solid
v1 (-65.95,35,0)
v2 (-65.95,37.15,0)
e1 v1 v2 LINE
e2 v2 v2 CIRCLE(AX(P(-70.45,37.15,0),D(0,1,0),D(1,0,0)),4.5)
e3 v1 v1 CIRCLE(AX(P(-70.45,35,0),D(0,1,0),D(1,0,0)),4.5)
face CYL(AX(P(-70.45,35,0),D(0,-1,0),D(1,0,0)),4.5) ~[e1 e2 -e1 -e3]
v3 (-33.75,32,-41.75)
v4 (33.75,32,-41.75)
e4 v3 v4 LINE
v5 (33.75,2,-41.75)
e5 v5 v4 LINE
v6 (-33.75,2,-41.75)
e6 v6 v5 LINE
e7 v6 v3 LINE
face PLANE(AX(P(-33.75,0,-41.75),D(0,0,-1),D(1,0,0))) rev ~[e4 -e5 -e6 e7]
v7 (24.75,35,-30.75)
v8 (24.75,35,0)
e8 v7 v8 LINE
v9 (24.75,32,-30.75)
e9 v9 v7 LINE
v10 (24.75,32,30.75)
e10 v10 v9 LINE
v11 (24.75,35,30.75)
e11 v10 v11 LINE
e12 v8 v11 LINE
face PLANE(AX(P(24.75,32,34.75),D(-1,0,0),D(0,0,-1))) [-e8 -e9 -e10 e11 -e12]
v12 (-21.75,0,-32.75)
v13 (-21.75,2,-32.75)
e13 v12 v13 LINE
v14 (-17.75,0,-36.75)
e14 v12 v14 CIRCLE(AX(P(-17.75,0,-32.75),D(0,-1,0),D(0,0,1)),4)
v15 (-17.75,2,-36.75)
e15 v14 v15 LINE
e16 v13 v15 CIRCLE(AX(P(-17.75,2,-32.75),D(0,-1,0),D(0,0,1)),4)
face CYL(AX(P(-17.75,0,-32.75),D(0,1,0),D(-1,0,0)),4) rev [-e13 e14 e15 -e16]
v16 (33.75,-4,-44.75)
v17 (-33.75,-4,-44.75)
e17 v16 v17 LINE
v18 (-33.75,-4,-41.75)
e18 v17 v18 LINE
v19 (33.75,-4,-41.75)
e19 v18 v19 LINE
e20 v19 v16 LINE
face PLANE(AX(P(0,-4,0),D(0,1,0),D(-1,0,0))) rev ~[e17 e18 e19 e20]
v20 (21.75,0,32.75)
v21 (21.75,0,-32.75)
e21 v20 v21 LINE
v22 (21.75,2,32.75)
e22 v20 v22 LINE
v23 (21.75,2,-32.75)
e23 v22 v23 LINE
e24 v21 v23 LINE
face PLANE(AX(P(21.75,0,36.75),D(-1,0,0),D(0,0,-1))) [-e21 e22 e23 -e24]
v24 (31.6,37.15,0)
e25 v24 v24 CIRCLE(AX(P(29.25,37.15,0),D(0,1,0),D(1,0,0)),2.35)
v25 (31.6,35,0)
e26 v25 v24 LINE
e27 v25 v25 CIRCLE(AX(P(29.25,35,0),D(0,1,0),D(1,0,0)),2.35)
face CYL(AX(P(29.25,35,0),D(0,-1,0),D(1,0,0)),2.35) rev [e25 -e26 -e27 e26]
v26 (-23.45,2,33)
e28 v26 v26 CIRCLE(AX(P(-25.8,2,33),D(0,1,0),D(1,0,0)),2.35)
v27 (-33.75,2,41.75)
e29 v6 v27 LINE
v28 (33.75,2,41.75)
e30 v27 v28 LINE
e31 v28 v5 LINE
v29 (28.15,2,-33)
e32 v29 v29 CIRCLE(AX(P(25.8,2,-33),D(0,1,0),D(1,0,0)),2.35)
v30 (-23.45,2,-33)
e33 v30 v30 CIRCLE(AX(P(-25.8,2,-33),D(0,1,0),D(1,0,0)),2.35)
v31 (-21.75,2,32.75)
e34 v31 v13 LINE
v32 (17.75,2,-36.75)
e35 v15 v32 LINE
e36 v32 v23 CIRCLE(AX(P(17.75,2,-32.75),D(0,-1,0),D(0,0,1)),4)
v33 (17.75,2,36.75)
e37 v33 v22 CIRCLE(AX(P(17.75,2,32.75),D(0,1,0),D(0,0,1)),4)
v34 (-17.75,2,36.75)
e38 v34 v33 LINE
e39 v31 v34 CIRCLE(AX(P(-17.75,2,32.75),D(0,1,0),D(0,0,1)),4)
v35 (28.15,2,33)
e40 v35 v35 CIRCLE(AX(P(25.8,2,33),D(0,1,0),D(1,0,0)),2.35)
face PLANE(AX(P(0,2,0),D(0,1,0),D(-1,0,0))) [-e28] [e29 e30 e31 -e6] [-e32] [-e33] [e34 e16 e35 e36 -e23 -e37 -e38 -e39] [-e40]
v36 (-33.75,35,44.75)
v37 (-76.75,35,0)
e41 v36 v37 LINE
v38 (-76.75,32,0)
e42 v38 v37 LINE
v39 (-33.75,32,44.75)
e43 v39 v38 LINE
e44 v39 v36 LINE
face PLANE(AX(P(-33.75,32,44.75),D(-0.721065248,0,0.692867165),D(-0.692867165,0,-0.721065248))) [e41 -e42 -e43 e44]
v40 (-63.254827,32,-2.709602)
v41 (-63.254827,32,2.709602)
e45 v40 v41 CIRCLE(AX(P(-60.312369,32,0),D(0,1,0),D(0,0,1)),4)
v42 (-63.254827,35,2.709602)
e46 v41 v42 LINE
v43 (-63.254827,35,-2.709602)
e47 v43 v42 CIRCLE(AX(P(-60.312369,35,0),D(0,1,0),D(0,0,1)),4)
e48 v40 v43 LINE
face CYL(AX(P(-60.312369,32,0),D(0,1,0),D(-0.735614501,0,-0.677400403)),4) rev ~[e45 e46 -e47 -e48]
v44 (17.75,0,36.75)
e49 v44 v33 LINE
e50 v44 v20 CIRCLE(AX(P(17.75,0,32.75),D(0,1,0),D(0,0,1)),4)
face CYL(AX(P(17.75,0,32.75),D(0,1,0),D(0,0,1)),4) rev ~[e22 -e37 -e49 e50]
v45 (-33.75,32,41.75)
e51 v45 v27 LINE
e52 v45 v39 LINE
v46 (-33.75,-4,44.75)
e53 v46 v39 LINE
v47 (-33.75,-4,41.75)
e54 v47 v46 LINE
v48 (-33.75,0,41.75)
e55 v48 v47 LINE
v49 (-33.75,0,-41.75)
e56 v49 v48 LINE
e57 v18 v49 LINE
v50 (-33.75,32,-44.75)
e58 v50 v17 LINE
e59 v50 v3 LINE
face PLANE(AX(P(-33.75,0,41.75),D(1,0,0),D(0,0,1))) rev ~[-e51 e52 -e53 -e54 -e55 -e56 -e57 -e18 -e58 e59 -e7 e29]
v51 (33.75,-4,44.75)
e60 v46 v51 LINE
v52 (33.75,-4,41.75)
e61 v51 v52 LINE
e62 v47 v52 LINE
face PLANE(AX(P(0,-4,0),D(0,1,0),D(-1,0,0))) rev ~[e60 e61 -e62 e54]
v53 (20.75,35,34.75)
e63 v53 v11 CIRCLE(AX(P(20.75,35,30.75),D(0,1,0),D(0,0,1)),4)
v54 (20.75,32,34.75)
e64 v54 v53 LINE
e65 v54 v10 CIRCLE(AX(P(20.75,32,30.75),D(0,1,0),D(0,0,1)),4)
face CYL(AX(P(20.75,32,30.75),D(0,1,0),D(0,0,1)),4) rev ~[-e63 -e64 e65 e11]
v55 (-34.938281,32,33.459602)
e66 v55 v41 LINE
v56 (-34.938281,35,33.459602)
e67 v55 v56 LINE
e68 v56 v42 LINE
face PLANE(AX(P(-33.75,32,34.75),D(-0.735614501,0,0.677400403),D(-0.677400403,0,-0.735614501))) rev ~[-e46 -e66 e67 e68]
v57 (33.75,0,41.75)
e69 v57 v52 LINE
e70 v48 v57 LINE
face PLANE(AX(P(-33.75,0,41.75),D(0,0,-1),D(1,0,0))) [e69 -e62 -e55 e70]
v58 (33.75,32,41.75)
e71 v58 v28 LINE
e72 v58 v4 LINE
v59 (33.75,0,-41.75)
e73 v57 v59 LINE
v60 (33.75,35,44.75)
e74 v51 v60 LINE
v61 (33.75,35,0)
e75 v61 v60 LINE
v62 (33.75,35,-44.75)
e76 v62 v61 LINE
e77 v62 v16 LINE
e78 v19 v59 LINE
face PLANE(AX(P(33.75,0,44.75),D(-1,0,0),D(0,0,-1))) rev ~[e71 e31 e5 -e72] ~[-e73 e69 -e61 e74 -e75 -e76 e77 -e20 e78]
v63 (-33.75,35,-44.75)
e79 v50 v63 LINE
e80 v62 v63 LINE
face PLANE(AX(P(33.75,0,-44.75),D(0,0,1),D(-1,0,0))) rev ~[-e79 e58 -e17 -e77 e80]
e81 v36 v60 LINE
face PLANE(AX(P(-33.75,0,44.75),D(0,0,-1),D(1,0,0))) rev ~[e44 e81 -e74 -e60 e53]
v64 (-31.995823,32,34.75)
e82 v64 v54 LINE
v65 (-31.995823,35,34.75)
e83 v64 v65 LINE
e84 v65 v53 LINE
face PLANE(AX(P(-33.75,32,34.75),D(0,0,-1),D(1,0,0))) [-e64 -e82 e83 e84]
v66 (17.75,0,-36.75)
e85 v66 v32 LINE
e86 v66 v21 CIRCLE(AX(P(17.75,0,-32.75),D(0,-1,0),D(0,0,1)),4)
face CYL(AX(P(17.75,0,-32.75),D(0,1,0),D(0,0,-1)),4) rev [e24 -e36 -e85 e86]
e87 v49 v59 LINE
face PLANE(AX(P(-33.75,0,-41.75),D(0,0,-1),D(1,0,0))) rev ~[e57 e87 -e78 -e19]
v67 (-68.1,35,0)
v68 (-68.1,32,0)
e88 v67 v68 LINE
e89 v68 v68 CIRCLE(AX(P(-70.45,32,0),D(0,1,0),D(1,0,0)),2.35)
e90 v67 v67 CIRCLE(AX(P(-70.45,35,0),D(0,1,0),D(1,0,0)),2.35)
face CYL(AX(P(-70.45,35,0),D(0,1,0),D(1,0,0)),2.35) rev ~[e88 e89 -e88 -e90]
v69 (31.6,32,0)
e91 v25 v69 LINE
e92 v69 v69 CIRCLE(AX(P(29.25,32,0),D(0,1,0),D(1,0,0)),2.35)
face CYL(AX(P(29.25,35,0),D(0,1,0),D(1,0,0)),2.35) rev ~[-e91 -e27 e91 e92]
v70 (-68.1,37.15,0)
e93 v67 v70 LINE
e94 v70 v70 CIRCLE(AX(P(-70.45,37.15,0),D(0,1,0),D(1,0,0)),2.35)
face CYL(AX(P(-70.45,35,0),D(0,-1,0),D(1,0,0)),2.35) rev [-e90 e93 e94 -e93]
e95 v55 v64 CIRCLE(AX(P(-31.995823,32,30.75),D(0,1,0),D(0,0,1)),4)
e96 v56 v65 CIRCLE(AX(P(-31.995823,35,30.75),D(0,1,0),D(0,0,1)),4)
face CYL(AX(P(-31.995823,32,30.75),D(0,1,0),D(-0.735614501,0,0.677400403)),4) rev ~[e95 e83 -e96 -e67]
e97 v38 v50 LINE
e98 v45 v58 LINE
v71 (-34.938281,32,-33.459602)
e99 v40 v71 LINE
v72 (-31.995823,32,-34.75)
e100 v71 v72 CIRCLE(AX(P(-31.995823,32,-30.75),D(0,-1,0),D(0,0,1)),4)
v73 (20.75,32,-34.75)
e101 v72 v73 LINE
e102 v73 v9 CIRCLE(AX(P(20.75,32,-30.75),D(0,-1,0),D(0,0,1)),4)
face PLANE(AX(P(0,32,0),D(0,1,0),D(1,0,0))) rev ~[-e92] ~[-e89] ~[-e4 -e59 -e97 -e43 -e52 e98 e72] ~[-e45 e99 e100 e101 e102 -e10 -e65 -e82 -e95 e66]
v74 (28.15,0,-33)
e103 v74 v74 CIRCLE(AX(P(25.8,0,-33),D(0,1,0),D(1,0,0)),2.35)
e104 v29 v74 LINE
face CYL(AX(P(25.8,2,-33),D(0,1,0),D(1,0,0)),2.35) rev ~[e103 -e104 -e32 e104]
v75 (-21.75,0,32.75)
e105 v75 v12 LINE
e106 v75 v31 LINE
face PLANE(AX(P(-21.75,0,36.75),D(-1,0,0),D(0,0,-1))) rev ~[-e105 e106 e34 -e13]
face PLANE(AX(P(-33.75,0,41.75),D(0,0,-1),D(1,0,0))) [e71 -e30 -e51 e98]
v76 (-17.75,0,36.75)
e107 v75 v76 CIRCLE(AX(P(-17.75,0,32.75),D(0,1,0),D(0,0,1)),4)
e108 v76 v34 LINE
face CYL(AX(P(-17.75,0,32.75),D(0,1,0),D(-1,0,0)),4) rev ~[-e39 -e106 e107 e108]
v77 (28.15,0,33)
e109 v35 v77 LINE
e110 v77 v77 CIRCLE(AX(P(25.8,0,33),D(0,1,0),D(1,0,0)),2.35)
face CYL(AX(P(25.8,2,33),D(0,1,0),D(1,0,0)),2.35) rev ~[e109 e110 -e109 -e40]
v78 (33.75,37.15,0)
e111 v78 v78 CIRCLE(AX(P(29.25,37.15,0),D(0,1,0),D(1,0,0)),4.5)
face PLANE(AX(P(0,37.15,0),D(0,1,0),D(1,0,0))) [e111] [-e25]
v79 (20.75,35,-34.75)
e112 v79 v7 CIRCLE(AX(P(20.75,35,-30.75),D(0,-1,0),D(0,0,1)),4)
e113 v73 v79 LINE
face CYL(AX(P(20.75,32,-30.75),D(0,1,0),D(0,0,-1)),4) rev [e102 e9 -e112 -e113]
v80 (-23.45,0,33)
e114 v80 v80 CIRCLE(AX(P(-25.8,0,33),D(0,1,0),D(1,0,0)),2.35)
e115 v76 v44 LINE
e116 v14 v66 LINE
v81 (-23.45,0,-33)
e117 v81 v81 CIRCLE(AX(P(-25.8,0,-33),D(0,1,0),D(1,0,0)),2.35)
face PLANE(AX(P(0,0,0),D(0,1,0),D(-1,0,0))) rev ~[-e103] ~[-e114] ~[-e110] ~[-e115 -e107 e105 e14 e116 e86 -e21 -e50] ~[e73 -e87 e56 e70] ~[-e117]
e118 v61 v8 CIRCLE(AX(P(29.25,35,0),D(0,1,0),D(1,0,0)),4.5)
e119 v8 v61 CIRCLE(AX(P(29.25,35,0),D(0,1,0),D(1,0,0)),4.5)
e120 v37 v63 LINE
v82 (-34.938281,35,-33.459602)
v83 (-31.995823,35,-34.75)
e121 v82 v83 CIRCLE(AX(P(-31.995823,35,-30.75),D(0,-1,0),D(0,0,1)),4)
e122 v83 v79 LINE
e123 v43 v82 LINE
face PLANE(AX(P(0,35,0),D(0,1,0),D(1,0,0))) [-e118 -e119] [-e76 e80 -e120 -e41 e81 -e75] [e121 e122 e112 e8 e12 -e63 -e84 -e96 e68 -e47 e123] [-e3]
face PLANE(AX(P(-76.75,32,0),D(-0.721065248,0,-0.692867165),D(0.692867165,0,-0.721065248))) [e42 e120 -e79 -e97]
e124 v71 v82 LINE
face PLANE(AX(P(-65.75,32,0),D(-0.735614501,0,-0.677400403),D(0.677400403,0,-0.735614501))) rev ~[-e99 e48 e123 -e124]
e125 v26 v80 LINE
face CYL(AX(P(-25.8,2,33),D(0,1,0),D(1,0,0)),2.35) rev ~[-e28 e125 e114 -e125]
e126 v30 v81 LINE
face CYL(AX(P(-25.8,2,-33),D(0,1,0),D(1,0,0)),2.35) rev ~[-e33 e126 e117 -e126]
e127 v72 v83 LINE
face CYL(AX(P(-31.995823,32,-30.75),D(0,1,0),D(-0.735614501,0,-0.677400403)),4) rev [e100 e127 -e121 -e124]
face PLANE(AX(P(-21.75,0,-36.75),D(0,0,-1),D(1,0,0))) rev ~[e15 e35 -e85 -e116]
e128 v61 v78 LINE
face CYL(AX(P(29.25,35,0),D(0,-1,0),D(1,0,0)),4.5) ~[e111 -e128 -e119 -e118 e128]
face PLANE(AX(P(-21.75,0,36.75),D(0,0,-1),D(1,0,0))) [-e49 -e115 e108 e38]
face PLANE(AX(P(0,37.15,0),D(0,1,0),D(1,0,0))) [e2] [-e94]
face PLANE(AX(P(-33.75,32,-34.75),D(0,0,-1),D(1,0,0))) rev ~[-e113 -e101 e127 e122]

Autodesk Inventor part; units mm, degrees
ref_plane "YZ Plane" through (0, 0, 0) normal (1, 0, 0) x (0, 1, 0)
ref_plane "XZ Plane" through (0, 0, 0) normal (0, 1, 0) x (-1, 0, 0)
ref_plane "XY Plane" through (0, 0, 0) normal (0, 0, 1) x (1, 0, 0)
sketch "Sketch1" plane through (0, 0, 0) normal (0, 1, 0) x (-1, 0, 0)
  line L0 (33.75, 44.75) -> (-33.75, 44.75)
  line L1 (-33.75, 44.75) -> (-33.75, -44.75)
  line L2 (-33.75, -44.75) -> (33.75, -44.75)
  line L3 (33.75, -44.75) -> (33.75, 44.75)
  line L4 (21.75, -36.75) -> (-21.75, -36.75)
  line L5 (21.75, 36.75) -> (-21.75, 36.75)
  line L6 (21.75, 36.75) -> (21.75, -36.75)
  line L7 (-21.75, 36.75) -> (-21.75, -36.75)
  line L8 (33.75, -41.75) -> (-33.75, -41.75)
  line L9 (33.75, 41.75) -> (-33.75, 41.75)
  point P0 (0, 0)
  point P1 (-33.75, 0)
  dimension "d0" = 83.5
  dimension "d1" = 3
  dimension "d2" = 3
  dimension "d4" = 5
  dimension "d5" = 5
  dimension "d6" = 12
  dimension "d7" = 12
  dimension "d8" = 67.5
  dimension "d9" = 33.75
  dimension "d10" = 41.75
extrude "Extrusion1" add sketch "Sketch1" along normal blind 2 contours L3 L8 L1 L9
extrude "Extrusion2" add sketch "Sketch1" along normal blind 32 and the other way blind 4 contours L3 L9 L1 L0 | L3 L2 L1 L8
sketch "Sketch2" plane through (0, 32, 0) normal (0, 1, 0) x (1, 0, 0)
  line L0 (33.75, -44.75) -> (33.75, -41.75) projected
  line L1 (33.75, -41.75) -> (-33.75, -41.75) projected
  line L2 (-33.75, -41.75) -> (-33.75, -44.75) projected
  line L3 (-33.75, -44.75) -> (33.75, -44.75) projected
  line L4 (-33.75, 44.75) -> (-33.75, 41.75) projected
  line L5 (-33.75, 41.75) -> (33.75, 41.75) projected
  line L6 (33.75, 41.75) -> (33.75, 44.75) projected
  line L7 (33.75, 44.75) -> (-33.75, 44.75) projected
  line L8 (-33.75, 41.75) -> (-33.75, -41.75) projected
  line L9 (33.75, -41.75) -> (33.75, 41.75) projected
  line L10 (-33.75, 34.75) -> (24.75, 34.75)
  line L11 (-33.75, -34.75) -> (24.75, -34.75)
  line L12 (24.75, -34.75) -> (24.75, 0)
  line L13 (24.75, 0) -> (24.75, 34.75)
  line L14 (-33.75, -34.75) -> (-65.75, 0)
  line L15 (-65.75, 0) -> (-33.75, 34.75)
  line L16 (33.75, 44.75) -> (33.75, 0)
  line L17 (33.75, -41.75) -> (33.75, -44.75) projected
  line L18 (33.75, 0) -> (33.75, -44.75)
  line L19 (-33.75, -44.75) -> (-76.75, 0)
  line L20 (-33.75, 44.75) -> (-33.75, 41.75) projected
  line L21 (-76.75, 0) -> (-33.75, 44.75)
  point P0 (0, 0)
  dimension "d18" = 7
  dimension "d19" = 7
  dimension "d20" = 110.5
  dimension "d21" = 90.5
  dimension "d42" = 9
extrude "Extrusion3" add sketch "Sketch2" along normal blind 3 contours L3 L2 L1 L0 | L1 L8 L11 L12 L13 L10 L5 L9 | L19 L21 L4 L8 L15 L14 L2 | L5 L4 L7 L6
sketch "Sketch3" plane through (0, 35, 0) normal (0, 1, 0) x (1, 0, 0)
  circle A0 centre (29.25, 0) radius 4.5
  circle A1 centre (-70.45, 0) radius 4.5
  circle A2 centre (-70.45, 0) radius 2.35
  circle A3 centre (29.25, 0) radius 2.35
  line L0 (33.75, -44.75) -> (33.75, 44.75) projected
  point P0 (0, 0)
  dimension "d24" = 9
  dimension "d27" = 4.7
  dimension "d43" = 99.7
  dimension "d44" = 4.5
extrude "Extrusion4" add sketch "Sketch3" along normal blind 2.15
extrude "Extrusion5" cut sketch "Sketch3" against normal blind 3 contours A2 | A3
sketch "Sketch4" plane through (0, 2, 0) normal (0, 1, 0) x (1, 0, 0)
  circle A0 centre (-25.8, -33) radius 2.35
  circle A1 centre (-25.8, 33) radius 2.35
  circle A2 centre (25.8, -33) radius 2.35
  circle A3 centre (25.8, 33) radius 2.35
  line L0 (-33.75, 41.75) -> (-33.75, -41.75) projected
  line L1 (-33.75, -41.75) -> (33.75, -41.75) projected
  line L2 (33.75, -41.75) -> (33.75, 41.75) projected
  line L3 (33.75, 41.75) -> (-33.75, 41.75) projected
  point P0 (0, 0)
  dimension "d35" = 4.7
  dimension "d36" = 7.95
  dimension "d37" = 8.75
  dimension "d38" = 7.95
  dimension "d39" = 8.75
extrude "Extrusion6" cut sketch "Sketch4" against normal blind 3 contours A0 | A1 | A2 | A3
fillet "Fillet1" radius 4 9 edges at (-33.75, 33.5, 34.75) (-65.75, 33.5, 0) (-33.75, 33.5, -34.75) (24.75, 33.5, 34.75) (24.75, 33.5, -34.75) (21.75, 1, 36.75) (21.75, 1, -36.75) (-21.75, 1, 36.75) (-21.75, 1, -36.75)
equation "\"d2\" = d1"
equation "\"d5\" = d4"
equation "\"d7\" = d6"
equation "\"d9\" = 0.5 * d8"
equation "\"d10\" = 0.5 * d0"
equation "\"d19\" = d18"
equation "\"d44\" = 0.5 * d24"
equation "\"d38\" = d36"
equation "\"d39\" = d37"
properties part number "CO-1-01-fuseMount"
